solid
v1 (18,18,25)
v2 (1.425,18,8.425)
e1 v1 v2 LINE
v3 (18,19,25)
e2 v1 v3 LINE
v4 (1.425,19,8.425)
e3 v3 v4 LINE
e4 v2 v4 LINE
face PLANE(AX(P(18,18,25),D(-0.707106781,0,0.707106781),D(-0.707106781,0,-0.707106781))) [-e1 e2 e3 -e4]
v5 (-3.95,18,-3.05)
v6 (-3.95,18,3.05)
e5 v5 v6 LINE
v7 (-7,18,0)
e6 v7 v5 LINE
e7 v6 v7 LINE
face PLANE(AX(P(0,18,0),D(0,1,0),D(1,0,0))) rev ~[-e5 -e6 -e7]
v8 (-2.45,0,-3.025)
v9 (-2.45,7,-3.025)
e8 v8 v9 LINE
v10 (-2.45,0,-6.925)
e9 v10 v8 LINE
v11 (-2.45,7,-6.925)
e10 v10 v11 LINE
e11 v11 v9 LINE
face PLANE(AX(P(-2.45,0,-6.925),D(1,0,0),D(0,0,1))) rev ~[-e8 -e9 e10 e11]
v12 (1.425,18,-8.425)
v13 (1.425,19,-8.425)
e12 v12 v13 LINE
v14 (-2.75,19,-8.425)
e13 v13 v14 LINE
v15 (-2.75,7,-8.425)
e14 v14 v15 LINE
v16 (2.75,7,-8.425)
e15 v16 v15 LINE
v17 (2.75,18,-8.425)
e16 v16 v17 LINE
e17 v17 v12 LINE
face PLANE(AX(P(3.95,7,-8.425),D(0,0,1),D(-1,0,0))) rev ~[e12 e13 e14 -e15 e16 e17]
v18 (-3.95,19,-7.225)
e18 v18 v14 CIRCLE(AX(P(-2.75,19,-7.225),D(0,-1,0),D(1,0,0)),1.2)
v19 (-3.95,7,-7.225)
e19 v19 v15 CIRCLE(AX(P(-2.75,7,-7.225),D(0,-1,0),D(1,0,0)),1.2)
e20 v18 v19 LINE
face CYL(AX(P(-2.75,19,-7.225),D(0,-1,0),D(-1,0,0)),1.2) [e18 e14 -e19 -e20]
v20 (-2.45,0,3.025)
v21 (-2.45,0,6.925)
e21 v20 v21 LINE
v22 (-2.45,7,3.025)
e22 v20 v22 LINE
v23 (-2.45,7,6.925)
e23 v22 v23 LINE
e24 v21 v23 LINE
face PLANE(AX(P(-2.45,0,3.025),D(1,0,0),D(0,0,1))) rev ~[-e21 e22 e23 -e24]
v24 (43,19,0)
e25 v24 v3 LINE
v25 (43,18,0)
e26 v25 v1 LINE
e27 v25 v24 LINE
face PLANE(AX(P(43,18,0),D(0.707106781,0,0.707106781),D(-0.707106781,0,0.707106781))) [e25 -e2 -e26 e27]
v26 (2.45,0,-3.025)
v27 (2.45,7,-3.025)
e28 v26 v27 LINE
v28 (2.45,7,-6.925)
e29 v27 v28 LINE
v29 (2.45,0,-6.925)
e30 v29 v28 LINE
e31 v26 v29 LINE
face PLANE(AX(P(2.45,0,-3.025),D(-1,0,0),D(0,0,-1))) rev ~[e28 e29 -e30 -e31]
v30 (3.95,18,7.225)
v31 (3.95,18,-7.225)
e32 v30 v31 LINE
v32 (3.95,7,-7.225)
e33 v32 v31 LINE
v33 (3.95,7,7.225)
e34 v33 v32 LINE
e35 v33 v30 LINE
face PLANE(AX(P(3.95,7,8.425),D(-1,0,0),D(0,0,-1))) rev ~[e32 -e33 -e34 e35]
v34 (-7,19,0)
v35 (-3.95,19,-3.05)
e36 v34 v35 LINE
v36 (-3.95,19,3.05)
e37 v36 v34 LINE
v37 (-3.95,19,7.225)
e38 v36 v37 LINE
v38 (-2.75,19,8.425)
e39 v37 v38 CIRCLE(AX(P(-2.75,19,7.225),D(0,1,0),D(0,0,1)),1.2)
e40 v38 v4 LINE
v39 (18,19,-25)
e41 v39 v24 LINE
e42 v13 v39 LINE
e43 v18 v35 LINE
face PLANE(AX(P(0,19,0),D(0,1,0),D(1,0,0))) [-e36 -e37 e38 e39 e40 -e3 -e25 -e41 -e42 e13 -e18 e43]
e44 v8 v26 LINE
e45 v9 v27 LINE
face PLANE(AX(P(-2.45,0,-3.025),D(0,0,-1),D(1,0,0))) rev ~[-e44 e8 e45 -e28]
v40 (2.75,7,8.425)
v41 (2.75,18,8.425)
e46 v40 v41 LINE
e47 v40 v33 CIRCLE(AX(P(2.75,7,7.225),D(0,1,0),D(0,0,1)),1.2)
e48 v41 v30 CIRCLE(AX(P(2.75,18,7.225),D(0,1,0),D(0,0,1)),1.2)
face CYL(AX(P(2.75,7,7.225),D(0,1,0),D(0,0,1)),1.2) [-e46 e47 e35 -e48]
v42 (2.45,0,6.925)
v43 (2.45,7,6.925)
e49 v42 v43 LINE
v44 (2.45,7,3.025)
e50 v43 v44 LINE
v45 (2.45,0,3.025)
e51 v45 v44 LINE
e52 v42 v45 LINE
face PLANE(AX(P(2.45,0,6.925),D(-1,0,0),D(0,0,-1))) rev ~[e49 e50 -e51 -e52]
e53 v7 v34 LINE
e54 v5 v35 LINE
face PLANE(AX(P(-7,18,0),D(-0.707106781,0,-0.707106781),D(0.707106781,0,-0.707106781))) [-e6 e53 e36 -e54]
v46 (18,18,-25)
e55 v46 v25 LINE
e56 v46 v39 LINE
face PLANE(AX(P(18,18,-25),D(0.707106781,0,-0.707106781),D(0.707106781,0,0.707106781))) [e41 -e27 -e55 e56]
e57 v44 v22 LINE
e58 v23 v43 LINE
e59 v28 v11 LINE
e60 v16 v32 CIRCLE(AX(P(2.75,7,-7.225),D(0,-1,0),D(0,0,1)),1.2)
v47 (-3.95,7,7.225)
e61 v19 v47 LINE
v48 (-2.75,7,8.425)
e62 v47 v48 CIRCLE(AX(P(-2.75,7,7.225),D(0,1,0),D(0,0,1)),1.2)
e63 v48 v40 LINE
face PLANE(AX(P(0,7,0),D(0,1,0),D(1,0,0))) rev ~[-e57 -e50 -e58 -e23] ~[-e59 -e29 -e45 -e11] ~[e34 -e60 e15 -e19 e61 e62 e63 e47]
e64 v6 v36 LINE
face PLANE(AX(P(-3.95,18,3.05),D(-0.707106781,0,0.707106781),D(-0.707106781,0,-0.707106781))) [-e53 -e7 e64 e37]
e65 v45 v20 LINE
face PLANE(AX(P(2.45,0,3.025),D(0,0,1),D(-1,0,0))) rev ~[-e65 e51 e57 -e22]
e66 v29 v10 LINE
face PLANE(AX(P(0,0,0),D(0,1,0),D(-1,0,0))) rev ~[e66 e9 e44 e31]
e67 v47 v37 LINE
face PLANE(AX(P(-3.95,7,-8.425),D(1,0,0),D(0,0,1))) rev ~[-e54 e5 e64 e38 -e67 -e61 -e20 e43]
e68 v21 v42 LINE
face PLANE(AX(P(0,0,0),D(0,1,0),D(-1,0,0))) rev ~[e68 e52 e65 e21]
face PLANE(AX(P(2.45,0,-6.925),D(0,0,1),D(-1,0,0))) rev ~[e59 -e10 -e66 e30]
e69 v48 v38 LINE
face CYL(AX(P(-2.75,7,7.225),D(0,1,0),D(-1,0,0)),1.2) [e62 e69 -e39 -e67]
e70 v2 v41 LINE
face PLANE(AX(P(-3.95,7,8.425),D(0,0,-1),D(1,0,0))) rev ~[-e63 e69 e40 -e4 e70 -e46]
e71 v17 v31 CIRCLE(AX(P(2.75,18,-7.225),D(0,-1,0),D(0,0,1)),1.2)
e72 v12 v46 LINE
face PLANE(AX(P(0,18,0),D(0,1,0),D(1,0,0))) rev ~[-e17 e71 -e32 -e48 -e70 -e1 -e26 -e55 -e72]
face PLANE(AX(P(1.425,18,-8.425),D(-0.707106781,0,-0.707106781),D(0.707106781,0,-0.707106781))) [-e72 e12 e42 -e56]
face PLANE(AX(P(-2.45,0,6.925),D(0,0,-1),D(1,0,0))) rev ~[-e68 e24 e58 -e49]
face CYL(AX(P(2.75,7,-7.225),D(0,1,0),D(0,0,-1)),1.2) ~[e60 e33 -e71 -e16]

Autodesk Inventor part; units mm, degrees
ref_plane "YZ Plane" through (0, 0, 0) normal (1, 0, 0) x (0, 1, 0)
ref_plane "XZ Plane" through (0, 0, 0) normal (0, 1, 0) x (-1, 0, 0)
ref_plane "XY Plane" through (0, 0, 0) normal (0, 0, 1) x (1, 0, 0)
sketch "Náčrt1" plane through (0, 0, 0) normal (0, 1, 0) x (-1, 0, 0)
  line L0 (2.45, 6.925) -> (-2.45, 6.925)
  line L1 (-2.45, 6.925) -> (-2.45, 3.025)
  line L2 (-2.45, 3.025) -> (2.45, 3.025)
  line L3 (2.45, 3.025) -> (2.45, 6.925)
  line L4 (2.45, -3.025) -> (-2.45, -3.025)
  line L5 (-2.45, -3.025) -> (-2.45, -6.925)
  line L6 (-2.45, -6.925) -> (2.45, -6.925)
  line L7 (2.45, -6.925) -> (2.45, -3.025)
  point P0 (0, 0)
  dimension "d0" = 6.05
  dimension "d1" = 3.9
  dimension "d2" = 3.9
  dimension "d3" = 4.9
  dimension "d4" = 4.9
  dimension "d5" = 2.45
  dimension "d6" = 3.025
extrude "Vysunutí1" add sketch "Náčrt1" along normal blind 7
sketch "Náčrt2" plane through (0, 7, 0) normal (0, 1, 0) x (1, 0, 0)
  line L0 (-3.95, -8.425) -> (3.95, -8.425)
  line L1 (3.95, -8.425) -> (3.95, 8.425)
  line L2 (3.95, 8.425) -> (-3.95, 8.425)
  line L3 (-3.95, 8.425) -> (-3.95, -8.425)
  line L4 (-2.45, -3.025) -> (-2.45, -6.925) projected
  line L5 (-2.45, -6.925) -> (2.45, -6.925) projected
  line L6 (2.45, 6.925) -> (-2.45, 6.925) projected
  line L7 (2.45, 3.025) -> (2.45, 6.925) projected
  point P0 (0, 0)
  dimension "d9" = 1.5
  dimension "d10" = 1.5
  dimension "d11" = 1.5
  dimension "d12" = 1.5
extrude "Vysunutí2" add sketch "Náčrt2" along normal blind 11
sketch "Náčrt3" plane through (0, 18, 0) normal (0, 1, 0) x (1, 0, 0)
  line L0 (-3.95, -8.425) -> (3.95, -8.425) projected
  line L1 (3.95, -8.425) -> (3.95, 8.425) projected
  line L2 (-3.95, 8.425) -> (-3.95, -8.425) projected
  line L3 (-7, 0) -> (18, 25)
  line L4 (18, 25) -> (43, 0)
  line L5 (43, 0) -> (18, -25)
  line L6 (18, -25) -> (-7, 0)
  line L7 (3.95, 8.425) -> (-3.95, 8.425) projected
  line L8 (3.95, 8.425) -> (-3.95, 8.425)
  point P0 (0, 0)
  point P1 (3.95, -8.0855)
  point P2 (3.95, 8.1088)
  point P3 (1.425, -8.425)
  point P4 (1.425, 8.425)
  point P5 (-3.95, 3.05)
  point P6 (-3.95, -3.05)
  dimension "d22" = 90
  dimension "d24" = 90
  dimension "d25" = 135
  dimension "d30" = 7
  dimension "d32" = 0
  dimension "d33" = 25
  dimension "d34" = 25
  dimension "d35" = 3.95
  dimension "d36" = 3.05
  dimension "d40" = 90
extrude "Vysunutí4" add sketch "Náčrt3" along normal blind 1
fillet "Zaoblení1" radius 1.2 4 edges at (-3.95, 13, 8.425) (3.95, 12.5, 8.425) (3.95, 12.5, -8.425) (-3.95, 13, -8.425)
equation "\"d2\" = d1"
equation "\"d4\" = d3"
equation "\"d5\" = 0.5 * d3"
equation "\"d6\" = 0.5 * d0"
equation "\"d10\" = d9"
equation "\"d11\" = d9"
equation "\"d12\" = d10"
equation "\"d24\" = d22"
properties part number "QRholder-top"
